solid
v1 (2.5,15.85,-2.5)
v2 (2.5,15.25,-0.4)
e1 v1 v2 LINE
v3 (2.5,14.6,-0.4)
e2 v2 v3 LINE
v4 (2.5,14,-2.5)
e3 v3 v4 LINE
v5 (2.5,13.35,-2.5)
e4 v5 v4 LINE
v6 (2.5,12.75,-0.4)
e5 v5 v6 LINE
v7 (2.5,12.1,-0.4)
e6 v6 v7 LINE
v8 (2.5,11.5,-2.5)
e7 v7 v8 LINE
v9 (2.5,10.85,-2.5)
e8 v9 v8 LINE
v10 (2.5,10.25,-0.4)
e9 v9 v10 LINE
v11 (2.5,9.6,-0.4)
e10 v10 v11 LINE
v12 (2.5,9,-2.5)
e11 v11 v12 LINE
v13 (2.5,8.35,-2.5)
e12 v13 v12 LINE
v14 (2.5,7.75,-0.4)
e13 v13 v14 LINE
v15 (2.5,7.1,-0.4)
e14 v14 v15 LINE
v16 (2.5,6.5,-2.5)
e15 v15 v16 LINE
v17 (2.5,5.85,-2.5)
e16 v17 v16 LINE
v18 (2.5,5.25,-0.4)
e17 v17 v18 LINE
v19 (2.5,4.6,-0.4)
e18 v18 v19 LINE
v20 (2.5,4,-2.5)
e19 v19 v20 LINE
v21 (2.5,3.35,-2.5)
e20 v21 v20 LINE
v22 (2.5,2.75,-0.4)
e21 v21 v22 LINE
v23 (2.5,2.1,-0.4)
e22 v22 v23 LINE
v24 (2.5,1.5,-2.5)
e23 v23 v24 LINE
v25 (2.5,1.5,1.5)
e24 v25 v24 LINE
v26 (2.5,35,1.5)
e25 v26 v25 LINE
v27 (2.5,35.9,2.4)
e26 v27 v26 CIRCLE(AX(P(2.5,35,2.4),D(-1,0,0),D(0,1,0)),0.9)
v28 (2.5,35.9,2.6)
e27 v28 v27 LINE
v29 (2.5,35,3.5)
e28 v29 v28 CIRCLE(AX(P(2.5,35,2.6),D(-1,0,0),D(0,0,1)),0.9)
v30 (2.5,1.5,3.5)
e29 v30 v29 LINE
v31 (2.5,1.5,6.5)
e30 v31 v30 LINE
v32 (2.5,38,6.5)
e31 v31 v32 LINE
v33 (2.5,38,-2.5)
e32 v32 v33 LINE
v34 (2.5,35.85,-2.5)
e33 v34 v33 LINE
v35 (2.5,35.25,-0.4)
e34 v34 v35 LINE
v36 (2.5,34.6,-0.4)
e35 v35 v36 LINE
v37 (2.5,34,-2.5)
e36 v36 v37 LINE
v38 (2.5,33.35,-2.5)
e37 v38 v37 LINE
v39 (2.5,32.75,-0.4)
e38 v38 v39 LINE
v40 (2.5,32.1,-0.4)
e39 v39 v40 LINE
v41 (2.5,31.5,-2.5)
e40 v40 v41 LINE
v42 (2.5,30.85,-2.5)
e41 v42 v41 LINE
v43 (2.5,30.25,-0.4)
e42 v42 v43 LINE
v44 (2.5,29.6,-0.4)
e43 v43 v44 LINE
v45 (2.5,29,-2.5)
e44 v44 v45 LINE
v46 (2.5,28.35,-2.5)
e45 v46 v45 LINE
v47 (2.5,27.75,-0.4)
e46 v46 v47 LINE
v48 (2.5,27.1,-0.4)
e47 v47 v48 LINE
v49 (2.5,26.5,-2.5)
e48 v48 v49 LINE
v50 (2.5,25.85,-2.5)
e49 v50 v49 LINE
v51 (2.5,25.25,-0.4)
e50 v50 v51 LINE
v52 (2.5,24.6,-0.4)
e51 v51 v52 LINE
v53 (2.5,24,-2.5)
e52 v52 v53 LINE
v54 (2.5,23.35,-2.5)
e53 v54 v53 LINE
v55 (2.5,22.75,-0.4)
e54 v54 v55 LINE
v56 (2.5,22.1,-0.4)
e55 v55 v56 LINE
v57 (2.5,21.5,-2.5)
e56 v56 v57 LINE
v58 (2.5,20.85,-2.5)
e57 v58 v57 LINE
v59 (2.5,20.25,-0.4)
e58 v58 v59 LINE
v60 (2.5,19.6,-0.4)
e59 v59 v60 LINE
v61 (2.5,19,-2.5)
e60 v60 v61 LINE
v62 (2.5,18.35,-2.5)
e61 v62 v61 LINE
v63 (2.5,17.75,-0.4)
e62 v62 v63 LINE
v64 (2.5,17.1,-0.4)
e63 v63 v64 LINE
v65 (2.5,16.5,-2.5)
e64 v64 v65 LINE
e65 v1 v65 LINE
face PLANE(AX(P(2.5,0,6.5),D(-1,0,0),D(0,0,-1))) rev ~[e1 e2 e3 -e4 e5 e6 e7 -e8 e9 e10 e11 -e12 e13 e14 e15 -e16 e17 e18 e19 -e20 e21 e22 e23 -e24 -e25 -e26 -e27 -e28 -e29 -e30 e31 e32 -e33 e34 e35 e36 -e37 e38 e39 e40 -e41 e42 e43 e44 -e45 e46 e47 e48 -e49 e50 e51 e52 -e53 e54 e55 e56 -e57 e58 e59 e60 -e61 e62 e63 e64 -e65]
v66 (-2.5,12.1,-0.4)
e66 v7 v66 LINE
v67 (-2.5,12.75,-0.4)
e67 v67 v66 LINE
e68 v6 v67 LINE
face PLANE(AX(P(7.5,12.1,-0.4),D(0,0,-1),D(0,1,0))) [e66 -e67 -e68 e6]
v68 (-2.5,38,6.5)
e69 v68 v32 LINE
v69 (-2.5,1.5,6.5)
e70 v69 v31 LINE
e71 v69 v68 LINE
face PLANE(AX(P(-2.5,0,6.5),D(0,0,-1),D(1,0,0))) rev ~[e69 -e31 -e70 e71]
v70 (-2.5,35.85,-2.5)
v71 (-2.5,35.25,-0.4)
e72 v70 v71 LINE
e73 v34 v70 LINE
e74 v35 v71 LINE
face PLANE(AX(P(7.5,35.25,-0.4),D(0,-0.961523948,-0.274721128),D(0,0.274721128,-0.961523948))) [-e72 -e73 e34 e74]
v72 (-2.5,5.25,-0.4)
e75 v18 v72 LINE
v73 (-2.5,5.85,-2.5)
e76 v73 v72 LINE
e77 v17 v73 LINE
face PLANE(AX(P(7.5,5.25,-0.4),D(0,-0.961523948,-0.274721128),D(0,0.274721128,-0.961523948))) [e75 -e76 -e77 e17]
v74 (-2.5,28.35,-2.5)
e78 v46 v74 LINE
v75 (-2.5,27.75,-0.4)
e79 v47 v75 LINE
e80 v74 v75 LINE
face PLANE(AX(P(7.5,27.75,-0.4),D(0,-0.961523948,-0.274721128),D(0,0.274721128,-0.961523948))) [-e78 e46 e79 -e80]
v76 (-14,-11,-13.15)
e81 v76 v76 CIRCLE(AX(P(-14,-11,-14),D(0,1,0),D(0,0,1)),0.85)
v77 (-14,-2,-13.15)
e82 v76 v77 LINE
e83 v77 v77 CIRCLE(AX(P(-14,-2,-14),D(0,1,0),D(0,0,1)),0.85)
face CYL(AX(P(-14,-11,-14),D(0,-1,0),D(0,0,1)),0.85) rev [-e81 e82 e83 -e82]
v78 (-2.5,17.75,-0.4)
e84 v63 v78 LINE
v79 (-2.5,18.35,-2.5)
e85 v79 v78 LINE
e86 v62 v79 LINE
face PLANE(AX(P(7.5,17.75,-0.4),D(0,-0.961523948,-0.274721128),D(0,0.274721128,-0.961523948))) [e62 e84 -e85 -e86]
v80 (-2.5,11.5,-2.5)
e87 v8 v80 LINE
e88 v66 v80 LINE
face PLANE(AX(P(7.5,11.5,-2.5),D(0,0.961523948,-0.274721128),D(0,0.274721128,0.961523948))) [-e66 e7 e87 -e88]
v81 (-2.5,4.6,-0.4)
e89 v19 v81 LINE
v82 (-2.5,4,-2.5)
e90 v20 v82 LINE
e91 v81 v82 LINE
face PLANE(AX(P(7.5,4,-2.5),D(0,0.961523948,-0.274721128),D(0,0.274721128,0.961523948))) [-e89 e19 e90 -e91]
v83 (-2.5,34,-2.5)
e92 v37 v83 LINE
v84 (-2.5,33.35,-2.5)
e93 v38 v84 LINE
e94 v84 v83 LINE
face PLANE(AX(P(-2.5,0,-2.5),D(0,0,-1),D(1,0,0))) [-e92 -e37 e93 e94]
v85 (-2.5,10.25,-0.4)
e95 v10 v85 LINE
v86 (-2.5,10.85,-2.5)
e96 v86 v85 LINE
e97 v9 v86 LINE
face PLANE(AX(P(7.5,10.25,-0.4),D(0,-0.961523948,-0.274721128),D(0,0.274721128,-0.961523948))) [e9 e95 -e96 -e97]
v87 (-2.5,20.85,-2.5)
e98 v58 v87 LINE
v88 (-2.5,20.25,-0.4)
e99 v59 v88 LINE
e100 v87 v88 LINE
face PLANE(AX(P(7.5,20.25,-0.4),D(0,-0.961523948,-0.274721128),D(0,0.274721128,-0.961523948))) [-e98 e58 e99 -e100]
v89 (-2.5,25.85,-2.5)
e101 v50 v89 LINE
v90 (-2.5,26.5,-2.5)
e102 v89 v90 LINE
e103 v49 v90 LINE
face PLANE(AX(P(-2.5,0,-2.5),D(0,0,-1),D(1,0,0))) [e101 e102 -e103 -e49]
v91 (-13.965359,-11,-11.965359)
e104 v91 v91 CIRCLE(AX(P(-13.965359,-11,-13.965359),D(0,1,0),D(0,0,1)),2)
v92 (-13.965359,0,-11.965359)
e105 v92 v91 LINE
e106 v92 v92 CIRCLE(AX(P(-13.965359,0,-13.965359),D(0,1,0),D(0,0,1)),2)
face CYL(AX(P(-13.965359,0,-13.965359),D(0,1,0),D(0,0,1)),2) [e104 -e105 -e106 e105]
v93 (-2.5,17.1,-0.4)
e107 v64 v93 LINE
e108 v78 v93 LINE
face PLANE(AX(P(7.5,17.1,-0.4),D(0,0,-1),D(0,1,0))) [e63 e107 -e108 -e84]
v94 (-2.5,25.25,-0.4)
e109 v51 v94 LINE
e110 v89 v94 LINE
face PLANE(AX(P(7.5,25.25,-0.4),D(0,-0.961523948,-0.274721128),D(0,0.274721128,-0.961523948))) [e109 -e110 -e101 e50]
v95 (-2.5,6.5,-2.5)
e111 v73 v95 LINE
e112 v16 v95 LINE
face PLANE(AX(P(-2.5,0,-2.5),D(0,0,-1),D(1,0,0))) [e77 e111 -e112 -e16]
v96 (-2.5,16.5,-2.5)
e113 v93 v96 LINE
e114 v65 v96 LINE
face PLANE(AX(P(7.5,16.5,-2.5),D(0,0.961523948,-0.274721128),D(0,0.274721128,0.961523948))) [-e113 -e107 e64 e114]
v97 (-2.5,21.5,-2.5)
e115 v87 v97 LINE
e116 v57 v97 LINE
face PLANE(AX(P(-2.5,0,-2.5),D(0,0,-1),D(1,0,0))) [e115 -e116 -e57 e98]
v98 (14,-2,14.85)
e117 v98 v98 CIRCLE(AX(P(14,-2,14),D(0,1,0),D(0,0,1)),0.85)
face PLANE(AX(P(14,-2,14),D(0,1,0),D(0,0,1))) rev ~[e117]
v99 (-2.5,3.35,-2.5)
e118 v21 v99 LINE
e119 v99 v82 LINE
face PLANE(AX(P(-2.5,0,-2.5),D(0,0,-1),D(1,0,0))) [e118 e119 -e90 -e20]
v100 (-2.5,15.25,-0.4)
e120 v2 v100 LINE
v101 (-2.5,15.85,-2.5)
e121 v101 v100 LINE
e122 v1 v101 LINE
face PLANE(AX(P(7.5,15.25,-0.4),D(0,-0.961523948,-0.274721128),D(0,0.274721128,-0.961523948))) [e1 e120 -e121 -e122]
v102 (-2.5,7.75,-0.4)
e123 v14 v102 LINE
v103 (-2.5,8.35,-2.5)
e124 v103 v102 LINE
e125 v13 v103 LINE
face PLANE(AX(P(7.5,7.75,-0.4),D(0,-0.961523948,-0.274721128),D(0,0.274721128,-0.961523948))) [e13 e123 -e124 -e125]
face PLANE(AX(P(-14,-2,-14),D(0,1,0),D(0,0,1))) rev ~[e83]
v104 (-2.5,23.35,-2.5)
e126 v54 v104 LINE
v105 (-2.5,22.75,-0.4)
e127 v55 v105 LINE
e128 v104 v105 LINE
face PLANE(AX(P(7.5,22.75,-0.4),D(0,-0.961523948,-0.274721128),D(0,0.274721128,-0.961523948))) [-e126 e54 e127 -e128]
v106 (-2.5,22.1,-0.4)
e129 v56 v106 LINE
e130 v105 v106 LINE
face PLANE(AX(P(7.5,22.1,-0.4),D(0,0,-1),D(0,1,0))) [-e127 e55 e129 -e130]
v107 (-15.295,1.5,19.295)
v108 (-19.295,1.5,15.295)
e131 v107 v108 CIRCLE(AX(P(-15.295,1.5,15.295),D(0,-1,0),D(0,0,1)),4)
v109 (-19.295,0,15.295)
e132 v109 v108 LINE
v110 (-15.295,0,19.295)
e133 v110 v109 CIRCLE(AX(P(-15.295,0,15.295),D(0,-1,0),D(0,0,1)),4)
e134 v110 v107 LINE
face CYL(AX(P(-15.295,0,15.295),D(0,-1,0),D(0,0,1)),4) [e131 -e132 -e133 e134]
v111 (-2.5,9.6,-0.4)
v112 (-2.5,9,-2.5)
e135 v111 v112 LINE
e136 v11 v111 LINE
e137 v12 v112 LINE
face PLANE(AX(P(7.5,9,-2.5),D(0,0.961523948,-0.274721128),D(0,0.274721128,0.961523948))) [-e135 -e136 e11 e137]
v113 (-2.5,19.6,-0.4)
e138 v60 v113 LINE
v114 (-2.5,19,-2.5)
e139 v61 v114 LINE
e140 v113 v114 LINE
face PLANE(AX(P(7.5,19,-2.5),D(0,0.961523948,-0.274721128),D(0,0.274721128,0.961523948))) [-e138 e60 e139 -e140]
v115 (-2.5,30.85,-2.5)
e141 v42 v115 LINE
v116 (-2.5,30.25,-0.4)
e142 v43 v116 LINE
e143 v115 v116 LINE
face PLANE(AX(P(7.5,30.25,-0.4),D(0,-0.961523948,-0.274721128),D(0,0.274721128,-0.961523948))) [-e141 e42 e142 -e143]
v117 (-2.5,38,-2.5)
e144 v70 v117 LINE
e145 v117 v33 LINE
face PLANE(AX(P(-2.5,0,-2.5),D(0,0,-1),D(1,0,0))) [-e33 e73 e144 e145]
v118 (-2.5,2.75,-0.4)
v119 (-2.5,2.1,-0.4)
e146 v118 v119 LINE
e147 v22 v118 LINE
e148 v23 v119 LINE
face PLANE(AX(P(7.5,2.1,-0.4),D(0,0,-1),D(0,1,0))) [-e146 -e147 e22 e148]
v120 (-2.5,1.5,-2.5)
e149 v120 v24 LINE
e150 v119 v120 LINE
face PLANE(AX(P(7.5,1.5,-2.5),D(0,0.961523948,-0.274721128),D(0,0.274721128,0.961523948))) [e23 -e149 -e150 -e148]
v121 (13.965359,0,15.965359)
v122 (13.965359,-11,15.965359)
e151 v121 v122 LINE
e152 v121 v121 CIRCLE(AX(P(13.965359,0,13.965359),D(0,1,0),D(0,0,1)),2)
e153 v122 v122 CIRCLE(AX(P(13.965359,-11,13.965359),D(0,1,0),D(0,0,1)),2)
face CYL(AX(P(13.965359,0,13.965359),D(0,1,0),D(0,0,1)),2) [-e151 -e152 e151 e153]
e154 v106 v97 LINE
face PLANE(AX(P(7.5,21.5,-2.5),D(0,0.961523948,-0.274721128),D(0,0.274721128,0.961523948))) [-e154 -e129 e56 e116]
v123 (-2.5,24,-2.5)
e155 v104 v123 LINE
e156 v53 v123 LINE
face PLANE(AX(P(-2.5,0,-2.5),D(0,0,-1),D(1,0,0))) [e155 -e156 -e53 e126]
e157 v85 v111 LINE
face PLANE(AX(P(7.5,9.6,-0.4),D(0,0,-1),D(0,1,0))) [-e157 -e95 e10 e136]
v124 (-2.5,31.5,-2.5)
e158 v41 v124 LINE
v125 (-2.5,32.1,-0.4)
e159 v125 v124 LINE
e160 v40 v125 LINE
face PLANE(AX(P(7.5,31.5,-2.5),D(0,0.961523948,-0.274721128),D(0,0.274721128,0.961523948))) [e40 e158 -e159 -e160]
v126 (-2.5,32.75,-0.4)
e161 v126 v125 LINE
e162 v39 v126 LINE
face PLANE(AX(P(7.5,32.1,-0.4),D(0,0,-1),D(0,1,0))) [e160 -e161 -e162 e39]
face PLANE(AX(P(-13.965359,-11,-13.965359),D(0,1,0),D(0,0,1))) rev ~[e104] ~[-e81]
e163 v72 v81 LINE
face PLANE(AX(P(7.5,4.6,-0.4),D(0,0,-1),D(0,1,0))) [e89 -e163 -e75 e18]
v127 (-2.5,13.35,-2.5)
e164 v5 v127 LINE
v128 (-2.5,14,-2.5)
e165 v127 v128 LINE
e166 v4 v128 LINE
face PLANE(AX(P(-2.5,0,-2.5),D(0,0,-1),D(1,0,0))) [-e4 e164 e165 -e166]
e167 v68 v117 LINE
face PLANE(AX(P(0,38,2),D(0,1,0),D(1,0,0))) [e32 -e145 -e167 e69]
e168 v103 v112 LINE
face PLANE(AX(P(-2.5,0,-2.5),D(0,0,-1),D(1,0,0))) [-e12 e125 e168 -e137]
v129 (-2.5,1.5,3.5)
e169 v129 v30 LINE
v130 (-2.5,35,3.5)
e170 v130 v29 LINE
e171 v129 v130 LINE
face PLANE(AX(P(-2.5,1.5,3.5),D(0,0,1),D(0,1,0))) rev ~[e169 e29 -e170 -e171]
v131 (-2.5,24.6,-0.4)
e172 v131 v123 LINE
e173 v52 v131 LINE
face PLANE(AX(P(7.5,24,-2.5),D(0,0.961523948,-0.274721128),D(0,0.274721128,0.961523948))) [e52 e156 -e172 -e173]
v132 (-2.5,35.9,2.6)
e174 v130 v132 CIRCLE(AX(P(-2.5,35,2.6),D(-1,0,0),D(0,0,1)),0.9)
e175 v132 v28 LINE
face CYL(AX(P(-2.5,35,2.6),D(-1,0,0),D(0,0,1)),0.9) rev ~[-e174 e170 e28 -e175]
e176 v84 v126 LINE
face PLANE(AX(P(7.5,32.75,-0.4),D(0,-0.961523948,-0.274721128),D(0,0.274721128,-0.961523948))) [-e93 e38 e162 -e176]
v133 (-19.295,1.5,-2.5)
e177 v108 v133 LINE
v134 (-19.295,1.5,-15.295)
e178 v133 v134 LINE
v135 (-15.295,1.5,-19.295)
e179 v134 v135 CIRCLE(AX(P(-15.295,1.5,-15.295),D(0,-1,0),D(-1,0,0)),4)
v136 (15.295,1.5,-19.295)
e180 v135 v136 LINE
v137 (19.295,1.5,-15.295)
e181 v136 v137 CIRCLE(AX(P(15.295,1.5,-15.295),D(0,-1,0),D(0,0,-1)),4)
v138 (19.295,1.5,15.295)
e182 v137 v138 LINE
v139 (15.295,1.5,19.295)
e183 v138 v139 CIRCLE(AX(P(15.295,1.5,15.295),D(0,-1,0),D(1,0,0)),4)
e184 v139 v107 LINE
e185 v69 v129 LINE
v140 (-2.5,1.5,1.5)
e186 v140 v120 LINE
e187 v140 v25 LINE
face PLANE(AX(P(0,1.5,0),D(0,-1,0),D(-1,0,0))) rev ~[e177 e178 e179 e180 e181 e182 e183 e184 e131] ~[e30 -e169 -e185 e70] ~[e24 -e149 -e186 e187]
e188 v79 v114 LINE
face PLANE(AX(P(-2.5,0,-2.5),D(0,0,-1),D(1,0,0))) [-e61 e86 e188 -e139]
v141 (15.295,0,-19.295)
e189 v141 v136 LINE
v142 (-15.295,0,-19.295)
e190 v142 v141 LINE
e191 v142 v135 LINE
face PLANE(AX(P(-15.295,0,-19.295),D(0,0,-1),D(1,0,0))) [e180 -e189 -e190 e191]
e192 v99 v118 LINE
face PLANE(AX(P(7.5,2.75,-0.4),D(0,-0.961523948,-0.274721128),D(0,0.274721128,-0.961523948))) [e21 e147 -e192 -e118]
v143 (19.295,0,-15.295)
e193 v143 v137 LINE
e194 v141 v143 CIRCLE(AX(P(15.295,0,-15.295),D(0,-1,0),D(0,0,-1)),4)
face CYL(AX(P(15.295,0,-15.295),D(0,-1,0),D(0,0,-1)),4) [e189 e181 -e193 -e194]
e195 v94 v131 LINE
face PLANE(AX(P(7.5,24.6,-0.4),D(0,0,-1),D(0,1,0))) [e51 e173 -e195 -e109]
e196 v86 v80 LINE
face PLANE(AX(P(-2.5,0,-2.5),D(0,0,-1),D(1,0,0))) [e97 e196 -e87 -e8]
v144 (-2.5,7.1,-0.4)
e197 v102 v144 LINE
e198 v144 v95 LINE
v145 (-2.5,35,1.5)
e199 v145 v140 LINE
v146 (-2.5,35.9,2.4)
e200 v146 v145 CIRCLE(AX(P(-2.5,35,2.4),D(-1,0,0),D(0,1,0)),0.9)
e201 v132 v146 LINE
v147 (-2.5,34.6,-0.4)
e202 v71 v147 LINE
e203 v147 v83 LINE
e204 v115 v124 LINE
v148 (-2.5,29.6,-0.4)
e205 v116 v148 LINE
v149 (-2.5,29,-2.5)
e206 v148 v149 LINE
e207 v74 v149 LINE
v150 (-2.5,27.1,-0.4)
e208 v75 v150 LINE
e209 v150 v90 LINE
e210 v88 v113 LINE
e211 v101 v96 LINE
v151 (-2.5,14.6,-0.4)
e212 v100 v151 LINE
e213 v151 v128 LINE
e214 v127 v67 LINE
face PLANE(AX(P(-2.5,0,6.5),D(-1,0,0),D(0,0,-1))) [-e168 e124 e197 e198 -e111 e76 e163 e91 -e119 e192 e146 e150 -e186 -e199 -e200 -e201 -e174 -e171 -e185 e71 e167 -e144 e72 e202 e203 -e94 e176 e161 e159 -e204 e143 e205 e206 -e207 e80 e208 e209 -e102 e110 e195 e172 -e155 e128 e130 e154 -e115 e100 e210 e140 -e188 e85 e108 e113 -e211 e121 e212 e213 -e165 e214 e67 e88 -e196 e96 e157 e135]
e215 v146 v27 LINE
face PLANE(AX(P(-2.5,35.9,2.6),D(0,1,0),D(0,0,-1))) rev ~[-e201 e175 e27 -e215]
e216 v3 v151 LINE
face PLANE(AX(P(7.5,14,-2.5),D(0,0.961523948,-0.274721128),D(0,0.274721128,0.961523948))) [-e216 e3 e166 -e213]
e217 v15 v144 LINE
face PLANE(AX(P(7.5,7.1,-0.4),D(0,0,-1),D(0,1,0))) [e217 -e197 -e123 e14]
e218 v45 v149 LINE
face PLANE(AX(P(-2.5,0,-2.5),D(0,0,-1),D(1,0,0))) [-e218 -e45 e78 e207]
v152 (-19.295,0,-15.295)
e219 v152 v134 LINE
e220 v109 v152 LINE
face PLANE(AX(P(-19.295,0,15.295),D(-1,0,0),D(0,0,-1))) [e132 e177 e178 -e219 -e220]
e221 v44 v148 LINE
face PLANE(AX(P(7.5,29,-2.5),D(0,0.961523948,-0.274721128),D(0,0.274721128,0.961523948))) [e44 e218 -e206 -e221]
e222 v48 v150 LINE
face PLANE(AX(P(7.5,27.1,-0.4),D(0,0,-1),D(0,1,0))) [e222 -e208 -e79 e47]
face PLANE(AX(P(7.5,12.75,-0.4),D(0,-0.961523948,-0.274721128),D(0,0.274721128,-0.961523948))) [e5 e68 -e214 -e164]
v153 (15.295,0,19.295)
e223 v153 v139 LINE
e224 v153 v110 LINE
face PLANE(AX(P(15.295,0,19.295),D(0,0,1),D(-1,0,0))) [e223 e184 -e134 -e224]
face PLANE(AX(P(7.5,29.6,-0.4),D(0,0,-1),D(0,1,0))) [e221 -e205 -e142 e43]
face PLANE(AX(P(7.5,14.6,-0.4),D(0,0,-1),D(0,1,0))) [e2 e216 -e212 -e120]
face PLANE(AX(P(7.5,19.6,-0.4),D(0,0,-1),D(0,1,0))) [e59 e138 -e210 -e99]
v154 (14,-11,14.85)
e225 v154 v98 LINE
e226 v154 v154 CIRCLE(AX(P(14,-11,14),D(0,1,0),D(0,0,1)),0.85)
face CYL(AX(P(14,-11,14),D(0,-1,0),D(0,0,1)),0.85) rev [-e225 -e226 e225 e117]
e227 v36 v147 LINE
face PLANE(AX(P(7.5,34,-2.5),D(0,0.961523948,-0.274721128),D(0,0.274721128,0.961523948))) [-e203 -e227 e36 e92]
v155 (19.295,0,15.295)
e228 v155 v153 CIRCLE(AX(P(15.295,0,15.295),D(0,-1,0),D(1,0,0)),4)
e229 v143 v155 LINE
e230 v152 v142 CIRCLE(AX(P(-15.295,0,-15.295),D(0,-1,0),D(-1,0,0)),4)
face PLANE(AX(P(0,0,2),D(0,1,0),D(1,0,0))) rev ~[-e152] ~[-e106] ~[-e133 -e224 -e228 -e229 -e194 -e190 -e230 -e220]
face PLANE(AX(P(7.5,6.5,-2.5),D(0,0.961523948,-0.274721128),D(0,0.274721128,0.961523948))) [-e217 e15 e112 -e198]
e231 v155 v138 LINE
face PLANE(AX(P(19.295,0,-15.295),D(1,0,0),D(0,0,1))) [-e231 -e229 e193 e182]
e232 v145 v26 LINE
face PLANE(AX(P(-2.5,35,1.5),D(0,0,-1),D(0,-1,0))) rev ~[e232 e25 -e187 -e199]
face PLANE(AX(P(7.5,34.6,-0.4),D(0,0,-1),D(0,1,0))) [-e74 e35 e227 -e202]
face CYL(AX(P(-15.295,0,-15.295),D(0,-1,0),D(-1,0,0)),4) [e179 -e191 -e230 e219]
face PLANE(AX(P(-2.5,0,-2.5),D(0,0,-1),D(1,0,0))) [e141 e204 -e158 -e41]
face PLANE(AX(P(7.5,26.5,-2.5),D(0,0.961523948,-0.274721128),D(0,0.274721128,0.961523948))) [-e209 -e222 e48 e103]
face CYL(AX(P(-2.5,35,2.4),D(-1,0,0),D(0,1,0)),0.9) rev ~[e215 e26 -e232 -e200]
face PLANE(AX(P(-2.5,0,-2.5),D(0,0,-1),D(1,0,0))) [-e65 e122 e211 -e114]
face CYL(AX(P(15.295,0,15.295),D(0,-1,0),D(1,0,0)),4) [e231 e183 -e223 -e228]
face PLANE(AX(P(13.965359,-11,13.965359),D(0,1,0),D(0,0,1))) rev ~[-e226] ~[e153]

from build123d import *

# Parameters (mm, degrees)
DODANIE_WYCI_GNI_CIE1_DEPTH     = 1.5
SZKIC1_4_W                      = 5
SZKIC1_4_H                      = 9
DODANIE_WYCI_GNI_CIE2_DEPTH     = 38
SZKIC1_5_R                      = 2
DODANIE_WYCI_GNI_CIE3_DEPTH     = 11
SZKIC2_R                        = 0.85
WYTNIJ_WYCI_GNI_CIE3_DEPTH      = 9
WYTNIJ_WYCI_GNI_CIE4_DEPTH      = 48.867724512
WYTNIJ_WYCI_GNI_CIE4_DEPTH_BACK = 10
WYTNIJ_WYCI_GNI_CIE5_DEPTH      = 10


with BuildPart() as part:
    # Szkic1 → Dodanie-wyciągnięcie1 (new body)
    with BuildSketch(Plane(origin=(0, 0, 0), x_dir=(1, 0, 0), z_dir=(0, 1, 0))):
        with BuildLine():
            Line((15.295, -19.295), (-15.295, -19.295))
            ThreePointArc((-15.295, -19.295), (-18.123427125, -18.123427125), (-19.295, -15.295))
            Line((-19.295, -15.295), (-19.295, 15.295))
            ThreePointArc((-19.295, 15.295), (-18.123427125, 18.123427125), (-15.295, 19.295))
            Line((-15.295, 19.295), (15.295, 19.295))
            ThreePointArc((15.295, 19.295), (18.123427125, 18.123427125), (19.295, 15.295))
            Line((19.295, 15.295), (19.295, -15.295))
            ThreePointArc((19.295, -15.295), (18.123427125, -18.123427125), (15.295, -19.295))
        make_face()
    extrude(amount=DODANIE_WYCI_GNI_CIE1_DEPTH)

    # Szkic1<4> → Dodanie-wyciągnięcie2 (add)
    with BuildSketch(Plane(origin=(0, 0, 0), x_dir=(1, 0, 0), z_dir=(0, 1, 0))):
        with Locations((0, -2)):
            Rectangle(SZKIC1_4_W, SZKIC1_4_H)
    extrude(amount=DODANIE_WYCI_GNI_CIE2_DEPTH)

    # Szkic1<5> → Dodanie-wyciągnięcie3 (add)
    with BuildSketch(Plane(origin=(0, 0, 0), x_dir=(1, 0, 0), z_dir=(0, 1, 0))):
        with Locations(Location((13.965358928, -13.965358928, 0), (0, 0, 270))):
            Circle(SZKIC1_5_R)
        with Locations(Location((-13.965358928, 13.965358928, 0), (0, 0, 270))):
            Circle(SZKIC1_5_R)
    extrude(amount=-DODANIE_WYCI_GNI_CIE3_DEPTH)

    # Szkic2 → Wytnij-wyciągnięcie3 (cut)
    with BuildSketch(Plane(origin=(0, -11, 0), x_dir=(1, 0, 0), z_dir=(0, 1, 0))):
        with Locations(Location((-14, 14, 0), (0, 0, 270))):
            Circle(SZKIC2_R)
        with Locations(Location((14, -14, 0), (0, 0, 270))):
            Circle(SZKIC2_R)
    extrude(amount=WYTNIJ_WYCI_GNI_CIE3_DEPTH, mode=Mode.SUBTRACT)

    # Szkic4 → Wytnij-wyciągnięcie4 (cut, two sides: drawn at the far end of the back side and taken through both)
    with BuildSketch(Plane.ZY.offset(2.5).offset(-WYTNIJ_WYCI_GNI_CIE4_DEPTH_BACK)):
        Polygon((-2.5, 5.85), (-2.5, 4), (-0.4, 4.6), (-0.4, 5.25), align=None)
        Polygon((-0.4, 2.75), (-2.5, 3.35), (-2.5, 1.5), (-0.4, 2.1), align=None)
        Polygon((-2.5, 8.35), (-2.5, 6.5), (-0.4, 7.1), (-0.4, 7.75), align=None)
        Polygon((-2.5, 10.85), (-2.5, 9), (-0.4, 9.6), (-0.4, 10.25), align=None)
        Polygon((-2.5, 13.35), (-2.5, 11.5), (-0.4, 12.1), (-0.4, 12.75), align=None)
        Polygon((-2.5, 15.85), (-2.5, 14), (-0.4, 14.6), (-0.4, 15.25), align=None)
        Polygon((-0.4, 35.25), (-2.5, 35.85), (-2.5, 34), (-0.4, 34.6), align=None)
        Polygon((-2.5, 18.35), (-2.5, 16.5), (-0.4, 17.1), (-0.4, 17.75), align=None)
        Polygon((-0.4, 32.75), (-2.5, 33.35), (-2.5, 31.5), (-0.4, 32.1), align=None)
        Polygon((-2.5, 20.85), (-2.5, 19), (-0.4, 19.6), (-0.4, 20.25), align=None)
        Polygon((-0.4, 30.25), (-2.5, 30.85), (-2.5, 29), (-0.4, 29.6), align=None)
        Polygon((-2.5, 23.35), (-2.5, 21.5), (-0.4, 22.1), (-0.4, 22.75), align=None)
        Polygon((-0.4, 27.75), (-2.5, 28.35), (-2.5, 26.5), (-0.4, 27.1), align=None)
        Polygon((-2.5, 25.85), (-2.5, 24), (-0.4, 24.6), (-0.4, 25.25), align=None)
    extrude(amount=WYTNIJ_WYCI_GNI_CIE4_DEPTH + WYTNIJ_WYCI_GNI_CIE4_DEPTH_BACK, mode=Mode.SUBTRACT)

    # Szkic4<4> → Wytnij-wyciągnięcie5 (cut)
    with BuildSketch(Plane.ZY.offset(2.5)):
        with BuildLine():
            ThreePointArc((3.5, 35), (3.236396103, 35.636396103), (2.6, 35.9))
            Line((2.6, 35.9), (2.4, 35.9))
            ThreePointArc((2.4, 35.9), (1.763603897, 35.636396103), (1.5, 35))
            Line((1.5, 35), (1.5, 1.5))
            Line((1.5, 1.5), (3.5, 1.5))
            Line((3.5, 1.5), (3.5, 35))
        make_face()
    extrude(amount=-WYTNIJ_WYCI_GNI_CIE5_DEPTH, mode=Mode.SUBTRACT)


solid = part.part
